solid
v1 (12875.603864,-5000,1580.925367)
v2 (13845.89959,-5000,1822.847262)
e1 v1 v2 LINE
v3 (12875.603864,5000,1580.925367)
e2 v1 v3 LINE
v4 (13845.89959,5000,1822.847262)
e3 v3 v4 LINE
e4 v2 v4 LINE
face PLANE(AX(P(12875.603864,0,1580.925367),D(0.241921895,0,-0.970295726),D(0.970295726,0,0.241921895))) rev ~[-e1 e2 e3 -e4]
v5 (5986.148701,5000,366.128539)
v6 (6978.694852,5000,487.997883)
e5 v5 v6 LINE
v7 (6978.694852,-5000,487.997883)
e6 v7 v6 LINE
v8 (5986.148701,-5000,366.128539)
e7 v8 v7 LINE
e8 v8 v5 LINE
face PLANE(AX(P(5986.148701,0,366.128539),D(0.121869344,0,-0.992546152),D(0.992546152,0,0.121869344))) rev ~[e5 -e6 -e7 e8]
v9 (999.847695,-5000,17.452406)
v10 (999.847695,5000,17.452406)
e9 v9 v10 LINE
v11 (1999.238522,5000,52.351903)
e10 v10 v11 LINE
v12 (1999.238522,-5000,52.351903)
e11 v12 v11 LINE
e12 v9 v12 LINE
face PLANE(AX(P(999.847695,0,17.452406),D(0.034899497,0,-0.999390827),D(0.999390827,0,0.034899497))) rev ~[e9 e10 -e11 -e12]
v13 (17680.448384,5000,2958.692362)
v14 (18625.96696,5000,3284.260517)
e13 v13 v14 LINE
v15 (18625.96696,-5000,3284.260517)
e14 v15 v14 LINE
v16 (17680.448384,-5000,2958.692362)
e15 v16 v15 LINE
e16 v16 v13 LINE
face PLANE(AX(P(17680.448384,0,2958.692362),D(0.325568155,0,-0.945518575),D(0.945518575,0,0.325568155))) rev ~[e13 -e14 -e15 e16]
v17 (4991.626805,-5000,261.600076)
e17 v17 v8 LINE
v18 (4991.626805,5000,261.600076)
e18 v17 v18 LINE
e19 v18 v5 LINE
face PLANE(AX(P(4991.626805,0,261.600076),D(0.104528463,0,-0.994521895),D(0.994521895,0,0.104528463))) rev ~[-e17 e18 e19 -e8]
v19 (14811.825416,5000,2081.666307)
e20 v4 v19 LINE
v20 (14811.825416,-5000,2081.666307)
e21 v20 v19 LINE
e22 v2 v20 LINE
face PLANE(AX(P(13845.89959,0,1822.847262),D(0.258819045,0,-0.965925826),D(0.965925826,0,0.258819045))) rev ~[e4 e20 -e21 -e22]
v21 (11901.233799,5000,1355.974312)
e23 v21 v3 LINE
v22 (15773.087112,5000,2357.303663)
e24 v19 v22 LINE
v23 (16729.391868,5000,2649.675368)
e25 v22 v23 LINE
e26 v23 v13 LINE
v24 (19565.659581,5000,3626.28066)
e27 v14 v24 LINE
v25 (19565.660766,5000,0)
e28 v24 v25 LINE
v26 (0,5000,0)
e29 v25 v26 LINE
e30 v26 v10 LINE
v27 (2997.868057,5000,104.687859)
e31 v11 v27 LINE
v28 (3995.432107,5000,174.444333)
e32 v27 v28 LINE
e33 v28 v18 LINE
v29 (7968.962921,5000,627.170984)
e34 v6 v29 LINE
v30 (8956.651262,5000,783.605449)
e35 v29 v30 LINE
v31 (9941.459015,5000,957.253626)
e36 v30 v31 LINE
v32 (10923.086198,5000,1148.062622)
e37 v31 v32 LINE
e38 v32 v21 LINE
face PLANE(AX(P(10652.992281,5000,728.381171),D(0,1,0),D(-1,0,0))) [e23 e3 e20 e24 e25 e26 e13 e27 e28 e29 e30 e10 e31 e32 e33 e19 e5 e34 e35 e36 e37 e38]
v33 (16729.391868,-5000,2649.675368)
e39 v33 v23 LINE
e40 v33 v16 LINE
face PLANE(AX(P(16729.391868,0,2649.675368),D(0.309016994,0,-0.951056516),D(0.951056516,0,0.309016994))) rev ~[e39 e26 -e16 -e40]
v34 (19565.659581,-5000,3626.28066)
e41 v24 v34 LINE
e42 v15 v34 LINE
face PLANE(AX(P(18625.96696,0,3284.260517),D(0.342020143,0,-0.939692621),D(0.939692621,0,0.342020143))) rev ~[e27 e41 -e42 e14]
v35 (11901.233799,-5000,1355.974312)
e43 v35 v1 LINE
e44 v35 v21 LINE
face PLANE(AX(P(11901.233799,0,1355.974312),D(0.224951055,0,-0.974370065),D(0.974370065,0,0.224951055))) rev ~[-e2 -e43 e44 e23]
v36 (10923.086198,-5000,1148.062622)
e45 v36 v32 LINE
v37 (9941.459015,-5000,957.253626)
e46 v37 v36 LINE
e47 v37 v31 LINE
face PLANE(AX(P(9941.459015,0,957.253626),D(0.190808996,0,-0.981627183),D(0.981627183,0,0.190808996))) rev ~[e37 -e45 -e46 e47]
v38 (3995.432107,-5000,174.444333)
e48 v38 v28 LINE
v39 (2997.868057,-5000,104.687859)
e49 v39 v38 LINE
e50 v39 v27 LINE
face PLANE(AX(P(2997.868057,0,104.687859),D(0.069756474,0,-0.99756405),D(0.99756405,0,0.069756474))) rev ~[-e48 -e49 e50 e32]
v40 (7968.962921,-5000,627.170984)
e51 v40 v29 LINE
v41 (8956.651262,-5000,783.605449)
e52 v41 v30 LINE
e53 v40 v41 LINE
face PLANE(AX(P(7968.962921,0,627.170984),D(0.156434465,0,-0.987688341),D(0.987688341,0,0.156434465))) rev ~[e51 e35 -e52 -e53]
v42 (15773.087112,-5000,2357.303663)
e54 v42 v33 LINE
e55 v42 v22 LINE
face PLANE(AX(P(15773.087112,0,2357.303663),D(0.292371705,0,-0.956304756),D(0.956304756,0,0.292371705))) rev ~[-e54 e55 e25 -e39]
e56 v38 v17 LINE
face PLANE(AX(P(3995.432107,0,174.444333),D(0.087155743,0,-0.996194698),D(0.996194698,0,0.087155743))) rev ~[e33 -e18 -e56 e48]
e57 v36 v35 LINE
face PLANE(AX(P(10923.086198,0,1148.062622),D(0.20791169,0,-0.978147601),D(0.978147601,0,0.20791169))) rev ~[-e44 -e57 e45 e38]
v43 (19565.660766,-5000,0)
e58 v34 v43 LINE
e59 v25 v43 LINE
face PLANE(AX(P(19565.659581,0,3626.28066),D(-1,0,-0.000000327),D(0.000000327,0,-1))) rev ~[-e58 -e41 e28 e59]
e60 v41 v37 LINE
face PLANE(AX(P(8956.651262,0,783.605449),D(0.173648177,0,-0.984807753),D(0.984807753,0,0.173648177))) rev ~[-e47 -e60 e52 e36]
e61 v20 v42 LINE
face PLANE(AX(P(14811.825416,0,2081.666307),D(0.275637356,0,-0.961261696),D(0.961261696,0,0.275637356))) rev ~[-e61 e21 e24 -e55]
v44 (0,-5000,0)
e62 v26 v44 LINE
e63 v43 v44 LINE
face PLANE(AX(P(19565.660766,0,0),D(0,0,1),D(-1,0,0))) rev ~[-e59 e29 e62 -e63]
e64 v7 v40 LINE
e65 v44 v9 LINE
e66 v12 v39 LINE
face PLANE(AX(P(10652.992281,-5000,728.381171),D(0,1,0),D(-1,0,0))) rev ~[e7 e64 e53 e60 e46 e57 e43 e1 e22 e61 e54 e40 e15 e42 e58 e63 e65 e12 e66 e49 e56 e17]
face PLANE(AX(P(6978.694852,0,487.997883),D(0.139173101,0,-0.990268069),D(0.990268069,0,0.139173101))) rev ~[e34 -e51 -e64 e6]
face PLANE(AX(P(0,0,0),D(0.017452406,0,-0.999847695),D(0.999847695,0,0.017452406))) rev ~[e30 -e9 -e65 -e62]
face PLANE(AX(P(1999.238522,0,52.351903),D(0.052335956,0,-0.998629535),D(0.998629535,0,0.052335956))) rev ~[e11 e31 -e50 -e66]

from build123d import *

# Parameters (mm, degrees)
EXTRUDE_DEPTH = 5000


with BuildPart() as part:
    # Sketch → Extrude (new body, symmetric)
    with BuildSketch(Plane.XZ):
        Polygon((0, 0), (999.847695, 17.452406), (1999.238522, 52.351903), (2997.868057, 104.687859), (3995.432107, 174.444333), (4991.626805, 261.600076), (5986.148701, 366.128539), (6978.694852, 487.997883), (7968.962921, 627.170984), (8956.651262, 783.605449), (9941.459015, 957.253626), (10923.086198, 1148.062622), (11901.233799, 1355.974312), (12875.603864, 1580.925367), (13845.89959, 1822.847262), (14811.825416, 2081.666307), (15773.087112, 2357.303663), (16729.391868, 2649.675368), (17680.448384, 2958.692362), (18625.96696, 3284.260517), (19565.659581, 3626.28066), (19565.660766, 0), align=None)
    extrude(amount=EXTRUDE_DEPTH, both=True)


solid = part.part
